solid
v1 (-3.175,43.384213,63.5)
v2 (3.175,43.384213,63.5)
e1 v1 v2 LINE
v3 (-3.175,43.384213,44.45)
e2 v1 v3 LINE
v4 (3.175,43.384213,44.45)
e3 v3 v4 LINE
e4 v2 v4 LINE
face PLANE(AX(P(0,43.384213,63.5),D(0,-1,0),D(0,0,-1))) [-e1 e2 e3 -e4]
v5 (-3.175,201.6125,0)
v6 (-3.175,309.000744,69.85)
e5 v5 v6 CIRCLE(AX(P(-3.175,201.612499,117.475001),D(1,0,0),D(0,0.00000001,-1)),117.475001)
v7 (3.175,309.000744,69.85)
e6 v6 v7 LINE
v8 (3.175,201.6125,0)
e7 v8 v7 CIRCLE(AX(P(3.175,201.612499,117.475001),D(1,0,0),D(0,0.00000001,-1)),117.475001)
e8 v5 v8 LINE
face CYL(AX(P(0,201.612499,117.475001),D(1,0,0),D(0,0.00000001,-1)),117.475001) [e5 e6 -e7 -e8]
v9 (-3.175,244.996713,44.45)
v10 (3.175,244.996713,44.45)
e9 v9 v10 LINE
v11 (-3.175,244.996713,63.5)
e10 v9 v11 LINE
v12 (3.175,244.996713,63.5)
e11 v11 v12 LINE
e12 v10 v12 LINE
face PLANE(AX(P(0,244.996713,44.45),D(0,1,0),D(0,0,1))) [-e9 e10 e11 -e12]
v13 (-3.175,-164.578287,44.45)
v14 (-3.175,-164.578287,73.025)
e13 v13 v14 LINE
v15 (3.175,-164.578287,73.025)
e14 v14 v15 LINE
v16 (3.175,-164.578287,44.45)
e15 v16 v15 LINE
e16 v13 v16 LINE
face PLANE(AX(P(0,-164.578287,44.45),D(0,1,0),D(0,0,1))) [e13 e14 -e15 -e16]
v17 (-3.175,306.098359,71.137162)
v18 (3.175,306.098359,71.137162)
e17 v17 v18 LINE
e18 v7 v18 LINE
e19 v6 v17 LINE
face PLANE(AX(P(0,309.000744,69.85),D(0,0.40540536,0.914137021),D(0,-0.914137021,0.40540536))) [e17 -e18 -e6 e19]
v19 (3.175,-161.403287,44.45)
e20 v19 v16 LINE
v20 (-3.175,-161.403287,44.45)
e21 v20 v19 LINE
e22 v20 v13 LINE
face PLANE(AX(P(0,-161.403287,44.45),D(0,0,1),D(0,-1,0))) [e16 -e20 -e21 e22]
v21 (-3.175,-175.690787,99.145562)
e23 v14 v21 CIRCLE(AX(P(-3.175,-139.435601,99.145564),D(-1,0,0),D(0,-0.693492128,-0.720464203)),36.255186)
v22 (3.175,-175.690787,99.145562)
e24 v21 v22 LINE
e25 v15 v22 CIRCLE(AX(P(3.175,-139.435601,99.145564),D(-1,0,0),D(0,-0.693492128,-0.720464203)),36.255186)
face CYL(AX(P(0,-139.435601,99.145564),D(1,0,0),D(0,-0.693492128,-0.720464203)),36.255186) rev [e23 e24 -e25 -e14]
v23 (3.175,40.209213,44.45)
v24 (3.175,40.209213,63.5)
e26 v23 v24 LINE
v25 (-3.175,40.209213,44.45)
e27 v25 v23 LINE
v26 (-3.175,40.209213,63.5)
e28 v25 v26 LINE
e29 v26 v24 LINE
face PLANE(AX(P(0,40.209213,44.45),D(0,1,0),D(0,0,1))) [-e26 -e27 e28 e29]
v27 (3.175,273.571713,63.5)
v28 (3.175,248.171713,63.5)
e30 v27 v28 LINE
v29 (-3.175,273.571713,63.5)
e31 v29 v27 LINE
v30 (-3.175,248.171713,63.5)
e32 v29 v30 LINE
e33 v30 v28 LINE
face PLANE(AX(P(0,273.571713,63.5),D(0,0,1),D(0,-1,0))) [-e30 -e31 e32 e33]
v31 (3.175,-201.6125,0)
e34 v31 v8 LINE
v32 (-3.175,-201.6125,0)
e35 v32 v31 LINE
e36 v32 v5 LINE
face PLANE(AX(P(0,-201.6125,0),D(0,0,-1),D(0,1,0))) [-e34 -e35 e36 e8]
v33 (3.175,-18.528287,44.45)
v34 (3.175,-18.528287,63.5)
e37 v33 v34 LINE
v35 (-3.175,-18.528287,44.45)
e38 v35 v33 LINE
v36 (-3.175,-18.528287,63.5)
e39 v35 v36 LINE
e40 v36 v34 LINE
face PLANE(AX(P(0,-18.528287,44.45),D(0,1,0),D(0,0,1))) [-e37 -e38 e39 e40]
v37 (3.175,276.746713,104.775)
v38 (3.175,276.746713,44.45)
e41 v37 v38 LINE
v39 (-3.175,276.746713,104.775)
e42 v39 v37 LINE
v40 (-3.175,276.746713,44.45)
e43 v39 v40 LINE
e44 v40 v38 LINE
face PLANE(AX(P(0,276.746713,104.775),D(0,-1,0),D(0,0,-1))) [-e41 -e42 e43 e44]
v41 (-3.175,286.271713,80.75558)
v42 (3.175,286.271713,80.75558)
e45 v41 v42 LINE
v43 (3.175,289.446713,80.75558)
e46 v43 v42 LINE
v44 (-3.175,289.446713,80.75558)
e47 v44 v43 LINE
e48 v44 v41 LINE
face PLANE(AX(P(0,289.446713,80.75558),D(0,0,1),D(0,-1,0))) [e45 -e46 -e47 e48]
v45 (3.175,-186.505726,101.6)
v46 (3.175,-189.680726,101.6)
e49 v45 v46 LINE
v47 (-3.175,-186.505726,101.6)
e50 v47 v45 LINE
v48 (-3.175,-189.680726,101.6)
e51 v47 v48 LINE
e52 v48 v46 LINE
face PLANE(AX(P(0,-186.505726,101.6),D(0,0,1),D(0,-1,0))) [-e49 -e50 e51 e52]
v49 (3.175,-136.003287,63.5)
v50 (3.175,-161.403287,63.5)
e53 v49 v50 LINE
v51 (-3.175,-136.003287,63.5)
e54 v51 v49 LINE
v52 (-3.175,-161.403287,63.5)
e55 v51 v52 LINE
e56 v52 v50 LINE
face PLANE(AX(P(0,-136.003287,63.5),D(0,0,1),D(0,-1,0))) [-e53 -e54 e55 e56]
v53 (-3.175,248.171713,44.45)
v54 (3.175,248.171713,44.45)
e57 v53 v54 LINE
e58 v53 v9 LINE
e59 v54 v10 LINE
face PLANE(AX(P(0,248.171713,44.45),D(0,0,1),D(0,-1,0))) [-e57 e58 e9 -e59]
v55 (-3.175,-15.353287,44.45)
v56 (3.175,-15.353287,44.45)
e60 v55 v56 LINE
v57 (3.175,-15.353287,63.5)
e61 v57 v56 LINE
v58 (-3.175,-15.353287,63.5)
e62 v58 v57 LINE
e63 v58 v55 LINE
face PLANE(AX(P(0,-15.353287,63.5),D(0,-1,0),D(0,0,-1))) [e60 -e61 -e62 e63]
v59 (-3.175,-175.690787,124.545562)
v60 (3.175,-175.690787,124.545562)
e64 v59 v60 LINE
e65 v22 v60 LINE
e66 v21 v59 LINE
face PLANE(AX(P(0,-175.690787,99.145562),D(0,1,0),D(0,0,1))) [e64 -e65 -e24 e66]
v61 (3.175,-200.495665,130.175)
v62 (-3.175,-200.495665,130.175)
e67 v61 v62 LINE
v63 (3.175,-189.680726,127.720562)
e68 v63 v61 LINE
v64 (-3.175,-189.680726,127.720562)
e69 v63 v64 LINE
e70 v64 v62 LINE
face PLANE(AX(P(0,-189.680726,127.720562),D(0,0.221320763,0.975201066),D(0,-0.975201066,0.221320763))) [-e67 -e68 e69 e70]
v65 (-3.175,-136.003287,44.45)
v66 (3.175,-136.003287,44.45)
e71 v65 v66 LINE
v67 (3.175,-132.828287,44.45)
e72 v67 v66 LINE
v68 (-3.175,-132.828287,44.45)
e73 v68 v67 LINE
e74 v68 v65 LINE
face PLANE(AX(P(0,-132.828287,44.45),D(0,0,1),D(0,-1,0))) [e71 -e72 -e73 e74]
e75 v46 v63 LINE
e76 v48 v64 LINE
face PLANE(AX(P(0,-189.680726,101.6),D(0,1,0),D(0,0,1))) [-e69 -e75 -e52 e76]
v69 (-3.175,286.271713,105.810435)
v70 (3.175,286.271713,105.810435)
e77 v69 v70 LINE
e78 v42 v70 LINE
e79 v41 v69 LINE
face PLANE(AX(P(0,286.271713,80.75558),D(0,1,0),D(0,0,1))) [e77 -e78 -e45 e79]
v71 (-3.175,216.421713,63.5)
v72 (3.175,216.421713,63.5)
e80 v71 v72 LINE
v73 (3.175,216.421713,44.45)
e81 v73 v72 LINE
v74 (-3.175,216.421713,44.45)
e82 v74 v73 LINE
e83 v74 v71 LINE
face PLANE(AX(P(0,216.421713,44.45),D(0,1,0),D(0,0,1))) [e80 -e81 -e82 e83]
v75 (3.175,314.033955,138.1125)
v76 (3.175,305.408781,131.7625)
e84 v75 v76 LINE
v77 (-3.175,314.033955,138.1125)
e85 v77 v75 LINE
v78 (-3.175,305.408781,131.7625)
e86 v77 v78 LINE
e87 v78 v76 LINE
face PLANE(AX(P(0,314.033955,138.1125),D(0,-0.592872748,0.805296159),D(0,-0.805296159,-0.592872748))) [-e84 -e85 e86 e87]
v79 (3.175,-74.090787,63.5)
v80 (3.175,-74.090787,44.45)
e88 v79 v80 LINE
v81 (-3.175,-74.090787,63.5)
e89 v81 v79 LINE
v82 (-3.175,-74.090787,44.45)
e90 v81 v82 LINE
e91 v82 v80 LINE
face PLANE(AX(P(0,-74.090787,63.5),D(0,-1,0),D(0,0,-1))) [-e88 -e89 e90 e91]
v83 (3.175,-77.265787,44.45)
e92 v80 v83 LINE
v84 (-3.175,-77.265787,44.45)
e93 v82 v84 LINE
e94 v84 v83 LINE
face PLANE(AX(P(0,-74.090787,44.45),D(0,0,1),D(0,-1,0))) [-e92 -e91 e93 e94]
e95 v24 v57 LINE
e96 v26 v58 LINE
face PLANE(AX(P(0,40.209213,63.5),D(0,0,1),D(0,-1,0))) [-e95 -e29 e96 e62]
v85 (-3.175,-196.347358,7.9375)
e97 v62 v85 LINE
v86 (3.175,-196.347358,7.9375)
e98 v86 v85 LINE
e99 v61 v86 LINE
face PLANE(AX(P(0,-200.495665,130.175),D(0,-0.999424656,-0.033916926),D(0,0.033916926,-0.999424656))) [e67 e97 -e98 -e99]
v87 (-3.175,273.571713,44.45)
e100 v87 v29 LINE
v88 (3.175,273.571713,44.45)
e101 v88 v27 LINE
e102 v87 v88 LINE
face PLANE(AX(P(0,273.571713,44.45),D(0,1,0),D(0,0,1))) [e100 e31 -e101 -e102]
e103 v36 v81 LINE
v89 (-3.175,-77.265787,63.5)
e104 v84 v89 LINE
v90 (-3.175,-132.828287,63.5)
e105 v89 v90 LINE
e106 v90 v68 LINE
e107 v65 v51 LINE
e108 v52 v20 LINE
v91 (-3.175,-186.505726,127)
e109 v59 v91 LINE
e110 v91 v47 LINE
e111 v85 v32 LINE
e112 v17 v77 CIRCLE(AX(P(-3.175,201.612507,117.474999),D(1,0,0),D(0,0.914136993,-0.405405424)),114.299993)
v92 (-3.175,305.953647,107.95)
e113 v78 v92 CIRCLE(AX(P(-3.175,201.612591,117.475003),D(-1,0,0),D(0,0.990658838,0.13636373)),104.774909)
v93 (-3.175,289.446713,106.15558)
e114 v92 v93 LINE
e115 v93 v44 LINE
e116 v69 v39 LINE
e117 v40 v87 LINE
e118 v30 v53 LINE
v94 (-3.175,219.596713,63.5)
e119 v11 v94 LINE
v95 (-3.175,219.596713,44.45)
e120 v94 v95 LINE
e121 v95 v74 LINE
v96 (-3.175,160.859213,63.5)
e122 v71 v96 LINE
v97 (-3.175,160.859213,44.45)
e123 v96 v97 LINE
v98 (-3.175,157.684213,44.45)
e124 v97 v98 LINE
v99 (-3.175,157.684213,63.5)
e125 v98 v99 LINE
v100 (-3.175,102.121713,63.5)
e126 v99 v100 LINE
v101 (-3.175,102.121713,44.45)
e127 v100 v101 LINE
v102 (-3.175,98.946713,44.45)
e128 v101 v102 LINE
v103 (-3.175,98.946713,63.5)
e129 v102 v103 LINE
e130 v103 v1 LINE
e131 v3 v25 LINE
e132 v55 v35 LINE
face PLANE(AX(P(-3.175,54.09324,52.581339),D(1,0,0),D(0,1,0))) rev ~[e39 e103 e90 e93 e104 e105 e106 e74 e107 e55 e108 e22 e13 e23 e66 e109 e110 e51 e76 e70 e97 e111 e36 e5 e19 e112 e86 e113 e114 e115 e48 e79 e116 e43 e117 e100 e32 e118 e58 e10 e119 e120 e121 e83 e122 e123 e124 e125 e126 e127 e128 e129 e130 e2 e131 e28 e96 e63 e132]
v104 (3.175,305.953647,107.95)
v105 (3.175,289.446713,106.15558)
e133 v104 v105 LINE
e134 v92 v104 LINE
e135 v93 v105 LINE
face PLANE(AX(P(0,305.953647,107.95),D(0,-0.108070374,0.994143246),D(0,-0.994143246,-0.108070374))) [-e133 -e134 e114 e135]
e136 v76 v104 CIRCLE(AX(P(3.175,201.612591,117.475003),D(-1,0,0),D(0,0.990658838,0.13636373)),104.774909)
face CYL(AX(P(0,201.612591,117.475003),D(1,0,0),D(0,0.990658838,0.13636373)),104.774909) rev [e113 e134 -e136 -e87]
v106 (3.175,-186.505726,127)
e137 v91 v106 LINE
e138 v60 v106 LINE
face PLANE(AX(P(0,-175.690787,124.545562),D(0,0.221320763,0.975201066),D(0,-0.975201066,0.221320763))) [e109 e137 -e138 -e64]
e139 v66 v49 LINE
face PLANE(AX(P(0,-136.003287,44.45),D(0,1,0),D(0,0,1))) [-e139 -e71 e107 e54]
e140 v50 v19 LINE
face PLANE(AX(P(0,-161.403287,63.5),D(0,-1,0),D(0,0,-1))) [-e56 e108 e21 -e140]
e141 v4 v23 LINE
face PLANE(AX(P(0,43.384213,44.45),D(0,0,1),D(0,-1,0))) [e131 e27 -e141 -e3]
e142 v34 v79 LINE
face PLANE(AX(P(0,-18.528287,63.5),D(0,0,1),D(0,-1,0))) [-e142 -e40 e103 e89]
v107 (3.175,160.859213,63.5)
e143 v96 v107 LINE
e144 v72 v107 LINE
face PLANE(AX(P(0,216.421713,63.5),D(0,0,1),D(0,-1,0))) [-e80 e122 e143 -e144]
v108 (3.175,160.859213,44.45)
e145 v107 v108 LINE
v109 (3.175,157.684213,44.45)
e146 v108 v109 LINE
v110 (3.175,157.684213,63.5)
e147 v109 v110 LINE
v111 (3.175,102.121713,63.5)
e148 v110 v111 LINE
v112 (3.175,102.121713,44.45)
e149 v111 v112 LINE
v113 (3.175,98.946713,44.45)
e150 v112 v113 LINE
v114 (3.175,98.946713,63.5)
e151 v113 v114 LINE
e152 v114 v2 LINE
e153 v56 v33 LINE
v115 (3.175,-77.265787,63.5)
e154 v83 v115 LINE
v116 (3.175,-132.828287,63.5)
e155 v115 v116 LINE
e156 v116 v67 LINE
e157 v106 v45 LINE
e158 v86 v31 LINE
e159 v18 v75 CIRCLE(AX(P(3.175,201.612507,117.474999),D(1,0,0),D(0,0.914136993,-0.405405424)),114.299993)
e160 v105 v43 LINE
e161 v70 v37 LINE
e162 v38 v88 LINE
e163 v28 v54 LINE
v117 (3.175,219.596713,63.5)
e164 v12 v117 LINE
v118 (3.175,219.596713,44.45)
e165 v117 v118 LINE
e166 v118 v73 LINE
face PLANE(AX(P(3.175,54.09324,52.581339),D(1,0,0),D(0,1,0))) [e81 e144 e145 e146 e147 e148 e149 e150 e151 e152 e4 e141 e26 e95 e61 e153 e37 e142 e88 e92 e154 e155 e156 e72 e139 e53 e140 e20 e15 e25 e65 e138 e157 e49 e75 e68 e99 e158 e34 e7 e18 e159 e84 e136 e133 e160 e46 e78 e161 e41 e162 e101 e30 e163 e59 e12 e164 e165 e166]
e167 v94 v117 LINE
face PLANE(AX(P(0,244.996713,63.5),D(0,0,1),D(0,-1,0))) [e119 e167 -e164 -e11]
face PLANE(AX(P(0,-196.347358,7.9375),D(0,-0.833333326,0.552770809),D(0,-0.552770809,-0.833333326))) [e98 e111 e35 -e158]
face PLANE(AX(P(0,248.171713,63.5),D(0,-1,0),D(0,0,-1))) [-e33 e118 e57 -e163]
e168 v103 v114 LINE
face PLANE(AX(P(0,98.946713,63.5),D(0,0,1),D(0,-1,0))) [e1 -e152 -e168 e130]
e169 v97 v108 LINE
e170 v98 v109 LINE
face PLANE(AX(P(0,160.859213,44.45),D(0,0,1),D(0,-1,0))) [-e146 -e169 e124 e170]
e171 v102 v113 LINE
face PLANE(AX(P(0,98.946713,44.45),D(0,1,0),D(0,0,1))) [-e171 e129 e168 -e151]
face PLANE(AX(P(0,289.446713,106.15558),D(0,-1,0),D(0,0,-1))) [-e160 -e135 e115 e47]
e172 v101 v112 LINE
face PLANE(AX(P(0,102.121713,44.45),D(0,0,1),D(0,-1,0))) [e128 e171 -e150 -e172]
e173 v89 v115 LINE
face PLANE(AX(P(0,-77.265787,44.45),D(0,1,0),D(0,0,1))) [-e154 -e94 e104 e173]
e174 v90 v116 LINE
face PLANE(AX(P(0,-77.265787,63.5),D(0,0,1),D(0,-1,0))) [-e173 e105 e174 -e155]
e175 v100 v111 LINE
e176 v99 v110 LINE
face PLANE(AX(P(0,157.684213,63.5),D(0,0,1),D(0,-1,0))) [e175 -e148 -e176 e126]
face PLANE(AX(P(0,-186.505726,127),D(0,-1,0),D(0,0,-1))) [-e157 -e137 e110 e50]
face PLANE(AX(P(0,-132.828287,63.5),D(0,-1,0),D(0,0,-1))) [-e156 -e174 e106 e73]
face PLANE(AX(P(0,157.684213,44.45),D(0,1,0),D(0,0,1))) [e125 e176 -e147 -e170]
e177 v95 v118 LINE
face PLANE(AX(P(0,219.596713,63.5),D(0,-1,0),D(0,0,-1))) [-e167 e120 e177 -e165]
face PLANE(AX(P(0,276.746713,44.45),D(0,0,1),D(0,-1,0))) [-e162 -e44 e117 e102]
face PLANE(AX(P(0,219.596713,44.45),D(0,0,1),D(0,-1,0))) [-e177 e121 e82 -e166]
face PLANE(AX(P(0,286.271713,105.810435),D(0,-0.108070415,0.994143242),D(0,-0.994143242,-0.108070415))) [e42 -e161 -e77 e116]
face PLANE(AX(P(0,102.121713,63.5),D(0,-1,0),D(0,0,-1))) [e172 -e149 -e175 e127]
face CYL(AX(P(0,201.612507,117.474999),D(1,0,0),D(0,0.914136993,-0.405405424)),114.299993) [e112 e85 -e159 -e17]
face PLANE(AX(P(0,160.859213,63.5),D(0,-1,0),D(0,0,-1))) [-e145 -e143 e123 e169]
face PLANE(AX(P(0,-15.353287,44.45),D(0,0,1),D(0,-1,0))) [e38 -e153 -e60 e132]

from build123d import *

# Parameters (mm, degrees)
F1_DEPTH = 3.175


with BuildPart() as f1:
    # F0 (on Right) → F1 (new body, symmetric)
    with BuildSketch(Plane.YZ):
        with BuildLine():
            Line((-196.347358, 7.9375), (-201.6125, 0))
            Line((-201.6125, 0), (0, 0))
            Line((0, 0), (201.6125, 0))
            ThreePointArc((201.6125, 0), (265.665715, 18.998804), (309.000744, 69.85))
            Line((309.000744, 69.85), (306.098359, 71.137162))
            ThreePointArc((306.098359, 71.137162), (315.118534, 104.026198), (314.033955, 138.1125))
            Line((314.033955, 138.1125), (305.408781, 131.7625))
            ThreePointArc((305.408781, 131.7625), (306.360083, 119.871784), (305.953647, 107.95))
            Line((305.953647, 107.95), (289.446713, 106.15558))
            Line((289.446713, 106.15558), (289.446713, 80.75558))
            Line((289.446713, 80.75558), (286.271713, 80.75558))
            Line((286.271713, 80.75558), (286.271713, 105.810435))
            Line((286.271713, 105.810435), (276.746713, 104.775))
            Line((276.746713, 104.775), (276.746713, 44.45))
            Line((276.746713, 44.45), (273.571713, 44.45))
            Line((273.571713, 44.45), (273.571713, 63.5))
            Line((273.571713, 63.5), (248.171713, 63.5))
            Line((248.171713, 63.5), (248.171713, 44.45))
            Line((248.171713, 44.45), (244.996713, 44.45))
            Line((244.996713, 44.45), (244.996713, 63.5))
            Line((244.996713, 63.5), (219.596713, 63.5))
            Line((219.596713, 63.5), (219.596713, 44.45))
            Line((219.596713, 44.45), (216.421713, 44.45))
            Line((216.421713, 44.45), (216.421713, 63.5))
            Line((216.421713, 63.5), (160.859213, 63.5))
            Line((160.859213, 63.5), (160.859213, 44.45))
            Line((160.859213, 44.45), (157.684213, 44.45))
            Line((157.684213, 44.45), (157.684213, 63.5))
            Line((157.684213, 63.5), (102.121713, 63.5))
            Line((102.121713, 63.5), (102.121713, 44.45))
            Line((102.121713, 44.45), (98.946713, 44.45))
            Line((98.946713, 44.45), (98.946713, 63.5))
            Line((98.946713, 63.5), (43.384213, 63.5))
            Line((43.384213, 63.5), (43.384213, 44.45))
            Line((43.384213, 44.45), (40.209213, 44.45))
            Line((40.209213, 44.45), (40.209213, 63.5))
            Line((40.209213, 63.5), (-15.353287, 63.5))
            Line((-15.353287, 63.5), (-15.353287, 44.45))
            Line((-15.353287, 44.45), (-18.528287, 44.45))
            Line((-18.528287, 44.45), (-18.528287, 63.5))
            Line((-18.528287, 63.5), (-74.090787, 63.5))
            Line((-74.090787, 63.5), (-74.090787, 44.45))
            Line((-74.090787, 44.45), (-77.265787, 44.45))
            Line((-77.265787, 44.45), (-77.265787, 63.5))
            Line((-77.265787, 63.5), (-132.828287, 63.5))
            Line((-132.828287, 63.5), (-132.828287, 44.45))
            Line((-132.828287, 44.45), (-136.003287, 44.45))
            Line((-136.003287, 44.45), (-136.003287, 63.5))
            Line((-136.003287, 63.5), (-161.403287, 63.5))
            Line((-161.403287, 63.5), (-161.403287, 44.45))
            Line((-161.403287, 44.45), (-164.578287, 44.45))
            Line((-164.578287, 44.45), (-164.578287, 73.025))
            ThreePointArc((-164.578287, 73.025), (-172.79719, 84.952506), (-175.690787, 99.145562))
            Line((-175.690787, 99.145562), (-175.690787, 124.545562))
            Line((-175.690787, 124.545562), (-186.505726, 127))
            Line((-186.505726, 127), (-186.505726, 101.6))
            Line((-186.505726, 101.6), (-189.680726, 101.6))
            Line((-189.680726, 101.6), (-189.680726, 127.720562))
            Line((-189.680726, 127.720562), (-200.495665, 130.175))
            Line((-200.495665, 130.175), (-196.347358, 7.9375))
        make_face()
    extrude(amount=F1_DEPTH, both=True)


solid = f1.part
